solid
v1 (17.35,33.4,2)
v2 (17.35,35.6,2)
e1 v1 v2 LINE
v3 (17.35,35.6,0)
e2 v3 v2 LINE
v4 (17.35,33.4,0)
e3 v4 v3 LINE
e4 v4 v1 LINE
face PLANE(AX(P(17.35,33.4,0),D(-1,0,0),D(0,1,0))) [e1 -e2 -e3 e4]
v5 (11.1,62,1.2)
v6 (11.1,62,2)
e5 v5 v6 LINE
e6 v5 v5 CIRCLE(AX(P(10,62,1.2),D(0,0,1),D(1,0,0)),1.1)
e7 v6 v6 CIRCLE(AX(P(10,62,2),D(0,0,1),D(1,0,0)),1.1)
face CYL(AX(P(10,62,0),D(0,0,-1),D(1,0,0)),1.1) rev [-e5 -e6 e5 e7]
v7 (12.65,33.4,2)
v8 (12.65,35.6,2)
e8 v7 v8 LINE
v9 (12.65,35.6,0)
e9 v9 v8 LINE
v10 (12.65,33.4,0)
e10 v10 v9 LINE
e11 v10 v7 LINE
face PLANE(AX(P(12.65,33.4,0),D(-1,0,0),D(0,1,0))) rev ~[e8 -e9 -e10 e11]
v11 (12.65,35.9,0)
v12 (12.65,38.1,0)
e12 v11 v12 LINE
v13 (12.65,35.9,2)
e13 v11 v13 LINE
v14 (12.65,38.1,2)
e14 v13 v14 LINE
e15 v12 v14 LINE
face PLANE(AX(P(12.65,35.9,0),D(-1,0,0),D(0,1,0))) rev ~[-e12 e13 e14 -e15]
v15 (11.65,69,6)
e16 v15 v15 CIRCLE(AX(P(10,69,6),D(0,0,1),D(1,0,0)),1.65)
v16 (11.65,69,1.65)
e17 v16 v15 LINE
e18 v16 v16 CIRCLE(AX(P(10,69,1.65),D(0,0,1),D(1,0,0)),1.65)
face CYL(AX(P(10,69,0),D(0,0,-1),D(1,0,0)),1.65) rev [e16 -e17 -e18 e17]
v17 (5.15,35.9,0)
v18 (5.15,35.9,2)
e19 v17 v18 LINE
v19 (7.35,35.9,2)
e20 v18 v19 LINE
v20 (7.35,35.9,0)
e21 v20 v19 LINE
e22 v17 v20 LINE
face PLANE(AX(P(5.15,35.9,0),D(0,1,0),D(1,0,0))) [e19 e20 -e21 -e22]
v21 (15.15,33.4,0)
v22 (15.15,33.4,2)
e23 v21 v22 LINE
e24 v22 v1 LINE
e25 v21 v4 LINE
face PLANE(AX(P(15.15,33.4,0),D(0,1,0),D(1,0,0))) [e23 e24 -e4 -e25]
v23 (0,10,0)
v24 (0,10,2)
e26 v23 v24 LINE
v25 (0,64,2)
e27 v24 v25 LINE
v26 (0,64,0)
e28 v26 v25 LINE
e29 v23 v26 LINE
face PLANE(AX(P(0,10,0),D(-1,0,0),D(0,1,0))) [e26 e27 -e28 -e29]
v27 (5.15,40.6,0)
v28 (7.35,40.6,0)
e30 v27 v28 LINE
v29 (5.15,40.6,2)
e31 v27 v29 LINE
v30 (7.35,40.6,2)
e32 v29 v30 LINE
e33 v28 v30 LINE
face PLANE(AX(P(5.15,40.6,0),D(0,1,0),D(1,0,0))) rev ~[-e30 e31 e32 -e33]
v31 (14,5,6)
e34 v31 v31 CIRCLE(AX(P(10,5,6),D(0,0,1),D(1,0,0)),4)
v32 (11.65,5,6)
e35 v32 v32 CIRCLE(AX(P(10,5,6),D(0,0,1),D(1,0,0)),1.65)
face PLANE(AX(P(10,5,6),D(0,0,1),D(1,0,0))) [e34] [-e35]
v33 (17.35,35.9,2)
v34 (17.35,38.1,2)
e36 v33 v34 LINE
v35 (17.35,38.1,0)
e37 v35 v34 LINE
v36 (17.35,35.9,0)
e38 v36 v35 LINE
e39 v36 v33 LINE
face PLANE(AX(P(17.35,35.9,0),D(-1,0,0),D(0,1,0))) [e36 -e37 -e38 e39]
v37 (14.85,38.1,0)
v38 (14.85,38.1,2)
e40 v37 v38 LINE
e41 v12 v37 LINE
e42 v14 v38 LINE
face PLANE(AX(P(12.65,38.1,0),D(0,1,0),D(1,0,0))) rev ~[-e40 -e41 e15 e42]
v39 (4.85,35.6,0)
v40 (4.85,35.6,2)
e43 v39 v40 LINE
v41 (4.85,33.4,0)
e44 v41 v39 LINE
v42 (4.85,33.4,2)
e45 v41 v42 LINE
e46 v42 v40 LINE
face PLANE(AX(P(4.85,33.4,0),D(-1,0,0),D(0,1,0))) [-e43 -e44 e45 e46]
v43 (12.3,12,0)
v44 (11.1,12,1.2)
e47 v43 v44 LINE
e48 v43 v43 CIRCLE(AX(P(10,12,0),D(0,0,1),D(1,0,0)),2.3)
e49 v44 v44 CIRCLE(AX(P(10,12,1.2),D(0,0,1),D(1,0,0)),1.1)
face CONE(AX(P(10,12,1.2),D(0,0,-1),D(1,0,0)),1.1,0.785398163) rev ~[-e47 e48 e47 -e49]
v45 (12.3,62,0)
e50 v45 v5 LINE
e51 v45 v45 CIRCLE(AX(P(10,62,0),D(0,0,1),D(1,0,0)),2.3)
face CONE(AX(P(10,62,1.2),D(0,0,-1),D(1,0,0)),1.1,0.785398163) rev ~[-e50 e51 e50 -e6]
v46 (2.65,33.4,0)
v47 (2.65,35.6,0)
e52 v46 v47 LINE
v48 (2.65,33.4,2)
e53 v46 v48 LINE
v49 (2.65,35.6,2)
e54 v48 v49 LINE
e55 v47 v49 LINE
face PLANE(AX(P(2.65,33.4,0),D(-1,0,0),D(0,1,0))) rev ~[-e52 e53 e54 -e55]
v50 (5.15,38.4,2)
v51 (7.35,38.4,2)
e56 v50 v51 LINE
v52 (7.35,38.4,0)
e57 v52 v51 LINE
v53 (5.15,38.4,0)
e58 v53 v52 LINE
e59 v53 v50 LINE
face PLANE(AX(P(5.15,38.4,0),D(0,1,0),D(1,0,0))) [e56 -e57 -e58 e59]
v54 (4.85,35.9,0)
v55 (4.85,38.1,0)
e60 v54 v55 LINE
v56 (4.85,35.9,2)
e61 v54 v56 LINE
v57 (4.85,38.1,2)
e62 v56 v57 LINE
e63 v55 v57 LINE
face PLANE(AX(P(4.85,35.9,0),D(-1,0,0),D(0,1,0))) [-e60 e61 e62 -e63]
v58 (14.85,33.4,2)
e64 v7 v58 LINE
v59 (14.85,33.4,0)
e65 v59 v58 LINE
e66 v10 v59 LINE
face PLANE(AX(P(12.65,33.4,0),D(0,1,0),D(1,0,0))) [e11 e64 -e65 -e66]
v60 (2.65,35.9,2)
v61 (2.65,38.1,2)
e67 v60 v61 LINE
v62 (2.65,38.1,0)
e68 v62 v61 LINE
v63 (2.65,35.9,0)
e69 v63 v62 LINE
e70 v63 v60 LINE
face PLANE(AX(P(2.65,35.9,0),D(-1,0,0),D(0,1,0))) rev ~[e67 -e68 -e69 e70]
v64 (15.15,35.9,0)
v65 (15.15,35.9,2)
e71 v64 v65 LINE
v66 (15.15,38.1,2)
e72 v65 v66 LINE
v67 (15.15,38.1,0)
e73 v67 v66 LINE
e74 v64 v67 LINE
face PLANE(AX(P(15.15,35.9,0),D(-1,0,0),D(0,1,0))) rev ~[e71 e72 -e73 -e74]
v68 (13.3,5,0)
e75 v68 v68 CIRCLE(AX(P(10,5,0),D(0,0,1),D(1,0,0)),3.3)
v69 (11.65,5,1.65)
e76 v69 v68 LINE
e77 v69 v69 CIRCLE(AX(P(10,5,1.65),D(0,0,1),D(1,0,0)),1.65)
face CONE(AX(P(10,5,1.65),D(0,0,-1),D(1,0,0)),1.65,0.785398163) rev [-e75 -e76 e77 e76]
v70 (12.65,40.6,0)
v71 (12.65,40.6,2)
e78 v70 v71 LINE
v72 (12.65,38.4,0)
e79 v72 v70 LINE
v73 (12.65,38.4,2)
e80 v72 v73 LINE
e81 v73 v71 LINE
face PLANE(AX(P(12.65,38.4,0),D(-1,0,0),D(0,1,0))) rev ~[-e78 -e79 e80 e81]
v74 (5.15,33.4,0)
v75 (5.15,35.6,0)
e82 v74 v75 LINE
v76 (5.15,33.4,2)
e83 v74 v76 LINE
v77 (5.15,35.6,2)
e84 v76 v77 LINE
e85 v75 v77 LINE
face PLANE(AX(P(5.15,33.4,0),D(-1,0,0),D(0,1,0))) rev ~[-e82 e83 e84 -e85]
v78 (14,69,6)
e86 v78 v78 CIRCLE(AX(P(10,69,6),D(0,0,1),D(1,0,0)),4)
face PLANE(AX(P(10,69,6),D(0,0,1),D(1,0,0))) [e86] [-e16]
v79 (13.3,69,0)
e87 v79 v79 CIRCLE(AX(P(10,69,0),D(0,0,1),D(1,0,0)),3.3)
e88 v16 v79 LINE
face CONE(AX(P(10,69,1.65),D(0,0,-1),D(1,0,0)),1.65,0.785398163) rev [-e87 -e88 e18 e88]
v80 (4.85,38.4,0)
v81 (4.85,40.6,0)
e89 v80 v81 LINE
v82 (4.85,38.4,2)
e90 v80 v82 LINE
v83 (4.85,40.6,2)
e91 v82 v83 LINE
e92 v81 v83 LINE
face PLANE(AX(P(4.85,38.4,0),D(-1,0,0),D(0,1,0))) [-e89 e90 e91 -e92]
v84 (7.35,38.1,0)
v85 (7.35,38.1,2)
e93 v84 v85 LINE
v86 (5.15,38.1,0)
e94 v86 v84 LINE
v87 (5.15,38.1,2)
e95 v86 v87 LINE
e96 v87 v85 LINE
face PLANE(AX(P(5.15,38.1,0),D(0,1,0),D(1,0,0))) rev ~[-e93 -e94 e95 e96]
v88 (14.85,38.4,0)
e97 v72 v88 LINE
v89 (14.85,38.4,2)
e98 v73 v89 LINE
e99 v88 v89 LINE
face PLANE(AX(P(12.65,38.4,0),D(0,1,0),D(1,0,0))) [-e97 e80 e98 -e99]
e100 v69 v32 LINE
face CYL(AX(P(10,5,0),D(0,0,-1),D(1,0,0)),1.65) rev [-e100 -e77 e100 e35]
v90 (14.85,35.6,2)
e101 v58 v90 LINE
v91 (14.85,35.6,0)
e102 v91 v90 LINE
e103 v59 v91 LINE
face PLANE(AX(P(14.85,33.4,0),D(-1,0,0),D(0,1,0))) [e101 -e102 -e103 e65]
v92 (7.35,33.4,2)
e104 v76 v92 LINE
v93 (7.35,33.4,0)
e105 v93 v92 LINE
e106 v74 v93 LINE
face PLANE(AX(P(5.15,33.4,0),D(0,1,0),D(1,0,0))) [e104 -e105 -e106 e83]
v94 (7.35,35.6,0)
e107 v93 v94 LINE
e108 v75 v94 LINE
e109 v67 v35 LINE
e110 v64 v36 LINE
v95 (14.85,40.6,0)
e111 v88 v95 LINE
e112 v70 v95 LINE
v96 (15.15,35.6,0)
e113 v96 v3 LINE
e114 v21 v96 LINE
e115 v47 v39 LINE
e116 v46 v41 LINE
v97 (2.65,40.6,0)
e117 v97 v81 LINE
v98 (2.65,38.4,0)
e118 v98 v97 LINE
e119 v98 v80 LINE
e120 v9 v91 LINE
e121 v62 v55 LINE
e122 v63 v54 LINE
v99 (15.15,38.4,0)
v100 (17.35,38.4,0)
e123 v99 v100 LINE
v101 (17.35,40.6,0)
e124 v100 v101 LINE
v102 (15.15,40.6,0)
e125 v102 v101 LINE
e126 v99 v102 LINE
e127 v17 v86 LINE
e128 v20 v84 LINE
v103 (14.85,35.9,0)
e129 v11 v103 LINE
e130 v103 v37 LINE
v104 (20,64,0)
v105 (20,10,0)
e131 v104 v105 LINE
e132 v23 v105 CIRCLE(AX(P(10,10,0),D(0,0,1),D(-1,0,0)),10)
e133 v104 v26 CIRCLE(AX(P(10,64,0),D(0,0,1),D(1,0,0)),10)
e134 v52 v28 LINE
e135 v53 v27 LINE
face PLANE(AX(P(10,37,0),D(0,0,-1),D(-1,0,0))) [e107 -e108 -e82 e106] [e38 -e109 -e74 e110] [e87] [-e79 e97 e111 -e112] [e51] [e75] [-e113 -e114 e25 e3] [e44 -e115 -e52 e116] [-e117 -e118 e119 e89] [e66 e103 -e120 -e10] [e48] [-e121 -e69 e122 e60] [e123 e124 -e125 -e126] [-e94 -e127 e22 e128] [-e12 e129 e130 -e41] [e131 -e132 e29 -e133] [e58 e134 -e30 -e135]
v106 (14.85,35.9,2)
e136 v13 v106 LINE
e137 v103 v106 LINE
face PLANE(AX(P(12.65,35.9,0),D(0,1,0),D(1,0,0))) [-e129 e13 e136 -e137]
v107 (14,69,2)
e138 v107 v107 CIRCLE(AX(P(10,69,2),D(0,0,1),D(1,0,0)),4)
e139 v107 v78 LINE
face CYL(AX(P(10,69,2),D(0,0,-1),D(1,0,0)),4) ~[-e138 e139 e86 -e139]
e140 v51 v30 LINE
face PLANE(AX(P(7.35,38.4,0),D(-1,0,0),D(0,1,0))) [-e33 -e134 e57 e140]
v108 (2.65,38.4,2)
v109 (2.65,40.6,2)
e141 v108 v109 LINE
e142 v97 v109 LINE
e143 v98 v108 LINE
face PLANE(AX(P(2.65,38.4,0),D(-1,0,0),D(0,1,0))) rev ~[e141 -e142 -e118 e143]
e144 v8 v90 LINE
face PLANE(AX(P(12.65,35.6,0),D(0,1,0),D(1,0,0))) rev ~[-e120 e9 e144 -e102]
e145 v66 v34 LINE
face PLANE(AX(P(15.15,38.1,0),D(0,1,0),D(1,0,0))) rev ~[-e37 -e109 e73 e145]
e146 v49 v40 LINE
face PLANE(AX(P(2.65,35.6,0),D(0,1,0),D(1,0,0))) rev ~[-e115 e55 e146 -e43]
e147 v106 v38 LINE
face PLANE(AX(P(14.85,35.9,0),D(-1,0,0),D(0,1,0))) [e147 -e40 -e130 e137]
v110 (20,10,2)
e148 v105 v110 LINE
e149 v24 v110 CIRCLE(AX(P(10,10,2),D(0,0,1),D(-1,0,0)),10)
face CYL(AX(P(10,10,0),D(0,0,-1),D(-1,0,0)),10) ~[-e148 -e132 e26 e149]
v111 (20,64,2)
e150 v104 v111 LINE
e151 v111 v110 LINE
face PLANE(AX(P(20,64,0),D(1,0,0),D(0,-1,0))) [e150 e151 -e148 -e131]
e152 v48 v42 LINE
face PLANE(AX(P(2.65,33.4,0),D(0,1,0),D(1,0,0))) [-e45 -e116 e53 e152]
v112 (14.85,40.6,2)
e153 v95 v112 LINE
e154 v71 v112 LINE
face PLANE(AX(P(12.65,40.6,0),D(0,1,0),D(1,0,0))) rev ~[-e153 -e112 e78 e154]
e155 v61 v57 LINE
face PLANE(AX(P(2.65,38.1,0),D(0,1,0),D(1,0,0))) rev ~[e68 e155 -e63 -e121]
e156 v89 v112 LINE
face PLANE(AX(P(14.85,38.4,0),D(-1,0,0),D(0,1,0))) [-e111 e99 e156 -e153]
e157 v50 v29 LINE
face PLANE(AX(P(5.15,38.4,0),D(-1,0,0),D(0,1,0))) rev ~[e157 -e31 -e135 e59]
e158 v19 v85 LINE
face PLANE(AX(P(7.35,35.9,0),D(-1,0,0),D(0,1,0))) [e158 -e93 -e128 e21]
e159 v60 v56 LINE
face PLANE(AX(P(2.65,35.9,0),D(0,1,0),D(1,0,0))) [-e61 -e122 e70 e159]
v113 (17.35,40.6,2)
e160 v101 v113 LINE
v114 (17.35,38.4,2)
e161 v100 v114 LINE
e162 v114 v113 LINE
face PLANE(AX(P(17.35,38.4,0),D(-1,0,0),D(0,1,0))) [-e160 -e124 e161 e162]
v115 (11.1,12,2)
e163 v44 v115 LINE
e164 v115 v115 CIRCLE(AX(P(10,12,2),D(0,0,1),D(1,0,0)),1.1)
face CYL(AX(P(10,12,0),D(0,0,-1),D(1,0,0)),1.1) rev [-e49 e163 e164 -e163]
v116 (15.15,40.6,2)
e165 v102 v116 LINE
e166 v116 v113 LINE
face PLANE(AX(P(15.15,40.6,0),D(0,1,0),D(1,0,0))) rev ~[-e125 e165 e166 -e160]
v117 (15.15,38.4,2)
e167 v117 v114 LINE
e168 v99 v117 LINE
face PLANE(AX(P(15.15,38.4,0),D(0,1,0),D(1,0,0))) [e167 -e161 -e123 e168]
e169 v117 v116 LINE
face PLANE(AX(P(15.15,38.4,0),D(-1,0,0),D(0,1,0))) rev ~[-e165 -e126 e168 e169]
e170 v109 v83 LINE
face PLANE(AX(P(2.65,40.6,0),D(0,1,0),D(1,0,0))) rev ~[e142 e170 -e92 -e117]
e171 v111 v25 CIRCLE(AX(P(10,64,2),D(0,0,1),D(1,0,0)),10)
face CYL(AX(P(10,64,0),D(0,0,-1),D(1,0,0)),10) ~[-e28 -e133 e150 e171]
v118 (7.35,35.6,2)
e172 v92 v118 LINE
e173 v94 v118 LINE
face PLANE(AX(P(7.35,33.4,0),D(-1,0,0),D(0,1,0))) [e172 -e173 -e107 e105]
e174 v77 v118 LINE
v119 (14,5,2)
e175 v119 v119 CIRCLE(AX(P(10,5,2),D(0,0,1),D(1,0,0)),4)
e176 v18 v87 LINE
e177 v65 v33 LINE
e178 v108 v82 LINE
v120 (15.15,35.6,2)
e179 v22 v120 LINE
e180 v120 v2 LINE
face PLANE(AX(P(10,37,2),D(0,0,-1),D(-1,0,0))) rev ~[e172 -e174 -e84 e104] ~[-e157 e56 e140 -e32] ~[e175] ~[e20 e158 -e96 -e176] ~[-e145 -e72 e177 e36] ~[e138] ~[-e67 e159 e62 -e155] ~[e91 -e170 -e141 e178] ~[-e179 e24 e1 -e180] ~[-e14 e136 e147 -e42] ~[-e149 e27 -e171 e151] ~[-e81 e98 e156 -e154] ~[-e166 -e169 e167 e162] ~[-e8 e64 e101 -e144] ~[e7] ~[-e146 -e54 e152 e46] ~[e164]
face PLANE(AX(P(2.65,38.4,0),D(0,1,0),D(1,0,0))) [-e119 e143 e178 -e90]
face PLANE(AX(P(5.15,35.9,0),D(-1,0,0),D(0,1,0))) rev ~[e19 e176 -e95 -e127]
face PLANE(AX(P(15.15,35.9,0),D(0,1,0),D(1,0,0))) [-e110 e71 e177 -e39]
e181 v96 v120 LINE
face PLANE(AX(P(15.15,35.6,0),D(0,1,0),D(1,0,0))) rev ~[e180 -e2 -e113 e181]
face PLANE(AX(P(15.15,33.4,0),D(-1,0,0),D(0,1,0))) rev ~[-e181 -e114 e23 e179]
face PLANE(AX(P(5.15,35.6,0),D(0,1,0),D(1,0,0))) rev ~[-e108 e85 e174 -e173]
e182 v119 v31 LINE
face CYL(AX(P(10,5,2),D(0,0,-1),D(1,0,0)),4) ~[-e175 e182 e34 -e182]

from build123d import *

# Parameters (mm, degrees)
SKETCH_R        = 1.65
SKETCH_R_2      = 1.1
SKETCH_W        = 2.2
SKETCH_H        = 2.2
PAD_DEPTH       = 2
CHAMFER_SIZE    = 1.65
SKETCH001_R     = 4
SKETCH001_R_2   = 1.65
PAD001_DEPTH    = 4
CHAMFER001_SIZE = 1.2


with BuildPart() as chamfer_body:
    # Sketch → Pad (new body)
    with BuildSketch(Plane.XY):
        with BuildLine():
            Line((0, 10), (0, 64))
            ThreePointArc((20, 64), (10, 74), (0, 64))
            Line((20, 64), (20, 10))
            ThreePointArc((0, 10), (10, 0), (20, 10))
        make_face()
        with Locations((10, 69)):
            Circle(SKETCH_R, mode=Mode.SUBTRACT)
        with Locations((10, 5)):
            Circle(SKETCH_R, mode=Mode.SUBTRACT)
        with Locations((10, 62)):
            Circle(SKETCH_R_2, mode=Mode.SUBTRACT)
        with Locations((10, 12)):
            Circle(SKETCH_R_2, mode=Mode.SUBTRACT)
        with Locations((3.75, 39.5)):
            Rectangle(SKETCH_W, SKETCH_H, mode=Mode.SUBTRACT)
        with Locations((3.75, 37)):
            Rectangle(SKETCH_W, SKETCH_H, mode=Mode.SUBTRACT)
        with Locations((3.75, 34.5)):
            Rectangle(SKETCH_W, SKETCH_H, mode=Mode.SUBTRACT)
        with Locations((6.25, 34.5)):
            Rectangle(SKETCH_W, SKETCH_H, mode=Mode.SUBTRACT)
        with Locations((6.25, 37)):
            Rectangle(SKETCH_W, SKETCH_H, mode=Mode.SUBTRACT)
        with Locations((6.25, 39.5)):
            Rectangle(SKETCH_W, SKETCH_H, mode=Mode.SUBTRACT)
        with Locations((13.75, 39.5)):
            Rectangle(SKETCH_W, SKETCH_H, mode=Mode.SUBTRACT)
        with Locations((13.75, 37)):
            Rectangle(SKETCH_W, SKETCH_H, mode=Mode.SUBTRACT)
        with Locations((13.75, 34.5)):
            Rectangle(SKETCH_W, SKETCH_H, mode=Mode.SUBTRACT)
        with Locations((16.25, 34.5)):
            Rectangle(SKETCH_W, SKETCH_H, mode=Mode.SUBTRACT)
        with Locations((16.25, 37)):
            Rectangle(SKETCH_W, SKETCH_H, mode=Mode.SUBTRACT)
        with Locations((16.25, 39.5)):
            Rectangle(SKETCH_W, SKETCH_H, mode=Mode.SUBTRACT)
    extrude(amount=PAD_DEPTH)

    # Chamfer
    chamfer_edges = [chamfer_body.edges().sort_by_distance(p)[0] for p in [
        (8.35, 69, 0),
        (8.35, 5, 0),
    ]]
    chamfer(chamfer_edges, length=CHAMFER_SIZE)


with BuildPart() as chamfer001:
    # Sketch001 → Pad001 (new body)
    with BuildSketch(Plane.XY.offset(2)):
        with Locations((10, 69)):
            Circle(SKETCH001_R)
        with Locations((10, 69)):
            Circle(SKETCH001_R_2, mode=Mode.SUBTRACT)
        with Locations((10, 5)):
            Circle(SKETCH001_R)
        with Locations((10, 5)):
            Circle(SKETCH001_R_2, mode=Mode.SUBTRACT)
    extrude(amount=PAD001_DEPTH)

    # Fusion: union Chamfer body
    add(chamfer_body.part)

    # Chamfer001
    chamfer001_edges = [chamfer001.edges().sort_by_distance(p)[0] for p in [
        (8.9, 62, 0),
        (8.9, 12, 0),
    ]]
    chamfer(chamfer001_edges, length=CHAMFER001_SIZE)


solid = chamfer001.part
